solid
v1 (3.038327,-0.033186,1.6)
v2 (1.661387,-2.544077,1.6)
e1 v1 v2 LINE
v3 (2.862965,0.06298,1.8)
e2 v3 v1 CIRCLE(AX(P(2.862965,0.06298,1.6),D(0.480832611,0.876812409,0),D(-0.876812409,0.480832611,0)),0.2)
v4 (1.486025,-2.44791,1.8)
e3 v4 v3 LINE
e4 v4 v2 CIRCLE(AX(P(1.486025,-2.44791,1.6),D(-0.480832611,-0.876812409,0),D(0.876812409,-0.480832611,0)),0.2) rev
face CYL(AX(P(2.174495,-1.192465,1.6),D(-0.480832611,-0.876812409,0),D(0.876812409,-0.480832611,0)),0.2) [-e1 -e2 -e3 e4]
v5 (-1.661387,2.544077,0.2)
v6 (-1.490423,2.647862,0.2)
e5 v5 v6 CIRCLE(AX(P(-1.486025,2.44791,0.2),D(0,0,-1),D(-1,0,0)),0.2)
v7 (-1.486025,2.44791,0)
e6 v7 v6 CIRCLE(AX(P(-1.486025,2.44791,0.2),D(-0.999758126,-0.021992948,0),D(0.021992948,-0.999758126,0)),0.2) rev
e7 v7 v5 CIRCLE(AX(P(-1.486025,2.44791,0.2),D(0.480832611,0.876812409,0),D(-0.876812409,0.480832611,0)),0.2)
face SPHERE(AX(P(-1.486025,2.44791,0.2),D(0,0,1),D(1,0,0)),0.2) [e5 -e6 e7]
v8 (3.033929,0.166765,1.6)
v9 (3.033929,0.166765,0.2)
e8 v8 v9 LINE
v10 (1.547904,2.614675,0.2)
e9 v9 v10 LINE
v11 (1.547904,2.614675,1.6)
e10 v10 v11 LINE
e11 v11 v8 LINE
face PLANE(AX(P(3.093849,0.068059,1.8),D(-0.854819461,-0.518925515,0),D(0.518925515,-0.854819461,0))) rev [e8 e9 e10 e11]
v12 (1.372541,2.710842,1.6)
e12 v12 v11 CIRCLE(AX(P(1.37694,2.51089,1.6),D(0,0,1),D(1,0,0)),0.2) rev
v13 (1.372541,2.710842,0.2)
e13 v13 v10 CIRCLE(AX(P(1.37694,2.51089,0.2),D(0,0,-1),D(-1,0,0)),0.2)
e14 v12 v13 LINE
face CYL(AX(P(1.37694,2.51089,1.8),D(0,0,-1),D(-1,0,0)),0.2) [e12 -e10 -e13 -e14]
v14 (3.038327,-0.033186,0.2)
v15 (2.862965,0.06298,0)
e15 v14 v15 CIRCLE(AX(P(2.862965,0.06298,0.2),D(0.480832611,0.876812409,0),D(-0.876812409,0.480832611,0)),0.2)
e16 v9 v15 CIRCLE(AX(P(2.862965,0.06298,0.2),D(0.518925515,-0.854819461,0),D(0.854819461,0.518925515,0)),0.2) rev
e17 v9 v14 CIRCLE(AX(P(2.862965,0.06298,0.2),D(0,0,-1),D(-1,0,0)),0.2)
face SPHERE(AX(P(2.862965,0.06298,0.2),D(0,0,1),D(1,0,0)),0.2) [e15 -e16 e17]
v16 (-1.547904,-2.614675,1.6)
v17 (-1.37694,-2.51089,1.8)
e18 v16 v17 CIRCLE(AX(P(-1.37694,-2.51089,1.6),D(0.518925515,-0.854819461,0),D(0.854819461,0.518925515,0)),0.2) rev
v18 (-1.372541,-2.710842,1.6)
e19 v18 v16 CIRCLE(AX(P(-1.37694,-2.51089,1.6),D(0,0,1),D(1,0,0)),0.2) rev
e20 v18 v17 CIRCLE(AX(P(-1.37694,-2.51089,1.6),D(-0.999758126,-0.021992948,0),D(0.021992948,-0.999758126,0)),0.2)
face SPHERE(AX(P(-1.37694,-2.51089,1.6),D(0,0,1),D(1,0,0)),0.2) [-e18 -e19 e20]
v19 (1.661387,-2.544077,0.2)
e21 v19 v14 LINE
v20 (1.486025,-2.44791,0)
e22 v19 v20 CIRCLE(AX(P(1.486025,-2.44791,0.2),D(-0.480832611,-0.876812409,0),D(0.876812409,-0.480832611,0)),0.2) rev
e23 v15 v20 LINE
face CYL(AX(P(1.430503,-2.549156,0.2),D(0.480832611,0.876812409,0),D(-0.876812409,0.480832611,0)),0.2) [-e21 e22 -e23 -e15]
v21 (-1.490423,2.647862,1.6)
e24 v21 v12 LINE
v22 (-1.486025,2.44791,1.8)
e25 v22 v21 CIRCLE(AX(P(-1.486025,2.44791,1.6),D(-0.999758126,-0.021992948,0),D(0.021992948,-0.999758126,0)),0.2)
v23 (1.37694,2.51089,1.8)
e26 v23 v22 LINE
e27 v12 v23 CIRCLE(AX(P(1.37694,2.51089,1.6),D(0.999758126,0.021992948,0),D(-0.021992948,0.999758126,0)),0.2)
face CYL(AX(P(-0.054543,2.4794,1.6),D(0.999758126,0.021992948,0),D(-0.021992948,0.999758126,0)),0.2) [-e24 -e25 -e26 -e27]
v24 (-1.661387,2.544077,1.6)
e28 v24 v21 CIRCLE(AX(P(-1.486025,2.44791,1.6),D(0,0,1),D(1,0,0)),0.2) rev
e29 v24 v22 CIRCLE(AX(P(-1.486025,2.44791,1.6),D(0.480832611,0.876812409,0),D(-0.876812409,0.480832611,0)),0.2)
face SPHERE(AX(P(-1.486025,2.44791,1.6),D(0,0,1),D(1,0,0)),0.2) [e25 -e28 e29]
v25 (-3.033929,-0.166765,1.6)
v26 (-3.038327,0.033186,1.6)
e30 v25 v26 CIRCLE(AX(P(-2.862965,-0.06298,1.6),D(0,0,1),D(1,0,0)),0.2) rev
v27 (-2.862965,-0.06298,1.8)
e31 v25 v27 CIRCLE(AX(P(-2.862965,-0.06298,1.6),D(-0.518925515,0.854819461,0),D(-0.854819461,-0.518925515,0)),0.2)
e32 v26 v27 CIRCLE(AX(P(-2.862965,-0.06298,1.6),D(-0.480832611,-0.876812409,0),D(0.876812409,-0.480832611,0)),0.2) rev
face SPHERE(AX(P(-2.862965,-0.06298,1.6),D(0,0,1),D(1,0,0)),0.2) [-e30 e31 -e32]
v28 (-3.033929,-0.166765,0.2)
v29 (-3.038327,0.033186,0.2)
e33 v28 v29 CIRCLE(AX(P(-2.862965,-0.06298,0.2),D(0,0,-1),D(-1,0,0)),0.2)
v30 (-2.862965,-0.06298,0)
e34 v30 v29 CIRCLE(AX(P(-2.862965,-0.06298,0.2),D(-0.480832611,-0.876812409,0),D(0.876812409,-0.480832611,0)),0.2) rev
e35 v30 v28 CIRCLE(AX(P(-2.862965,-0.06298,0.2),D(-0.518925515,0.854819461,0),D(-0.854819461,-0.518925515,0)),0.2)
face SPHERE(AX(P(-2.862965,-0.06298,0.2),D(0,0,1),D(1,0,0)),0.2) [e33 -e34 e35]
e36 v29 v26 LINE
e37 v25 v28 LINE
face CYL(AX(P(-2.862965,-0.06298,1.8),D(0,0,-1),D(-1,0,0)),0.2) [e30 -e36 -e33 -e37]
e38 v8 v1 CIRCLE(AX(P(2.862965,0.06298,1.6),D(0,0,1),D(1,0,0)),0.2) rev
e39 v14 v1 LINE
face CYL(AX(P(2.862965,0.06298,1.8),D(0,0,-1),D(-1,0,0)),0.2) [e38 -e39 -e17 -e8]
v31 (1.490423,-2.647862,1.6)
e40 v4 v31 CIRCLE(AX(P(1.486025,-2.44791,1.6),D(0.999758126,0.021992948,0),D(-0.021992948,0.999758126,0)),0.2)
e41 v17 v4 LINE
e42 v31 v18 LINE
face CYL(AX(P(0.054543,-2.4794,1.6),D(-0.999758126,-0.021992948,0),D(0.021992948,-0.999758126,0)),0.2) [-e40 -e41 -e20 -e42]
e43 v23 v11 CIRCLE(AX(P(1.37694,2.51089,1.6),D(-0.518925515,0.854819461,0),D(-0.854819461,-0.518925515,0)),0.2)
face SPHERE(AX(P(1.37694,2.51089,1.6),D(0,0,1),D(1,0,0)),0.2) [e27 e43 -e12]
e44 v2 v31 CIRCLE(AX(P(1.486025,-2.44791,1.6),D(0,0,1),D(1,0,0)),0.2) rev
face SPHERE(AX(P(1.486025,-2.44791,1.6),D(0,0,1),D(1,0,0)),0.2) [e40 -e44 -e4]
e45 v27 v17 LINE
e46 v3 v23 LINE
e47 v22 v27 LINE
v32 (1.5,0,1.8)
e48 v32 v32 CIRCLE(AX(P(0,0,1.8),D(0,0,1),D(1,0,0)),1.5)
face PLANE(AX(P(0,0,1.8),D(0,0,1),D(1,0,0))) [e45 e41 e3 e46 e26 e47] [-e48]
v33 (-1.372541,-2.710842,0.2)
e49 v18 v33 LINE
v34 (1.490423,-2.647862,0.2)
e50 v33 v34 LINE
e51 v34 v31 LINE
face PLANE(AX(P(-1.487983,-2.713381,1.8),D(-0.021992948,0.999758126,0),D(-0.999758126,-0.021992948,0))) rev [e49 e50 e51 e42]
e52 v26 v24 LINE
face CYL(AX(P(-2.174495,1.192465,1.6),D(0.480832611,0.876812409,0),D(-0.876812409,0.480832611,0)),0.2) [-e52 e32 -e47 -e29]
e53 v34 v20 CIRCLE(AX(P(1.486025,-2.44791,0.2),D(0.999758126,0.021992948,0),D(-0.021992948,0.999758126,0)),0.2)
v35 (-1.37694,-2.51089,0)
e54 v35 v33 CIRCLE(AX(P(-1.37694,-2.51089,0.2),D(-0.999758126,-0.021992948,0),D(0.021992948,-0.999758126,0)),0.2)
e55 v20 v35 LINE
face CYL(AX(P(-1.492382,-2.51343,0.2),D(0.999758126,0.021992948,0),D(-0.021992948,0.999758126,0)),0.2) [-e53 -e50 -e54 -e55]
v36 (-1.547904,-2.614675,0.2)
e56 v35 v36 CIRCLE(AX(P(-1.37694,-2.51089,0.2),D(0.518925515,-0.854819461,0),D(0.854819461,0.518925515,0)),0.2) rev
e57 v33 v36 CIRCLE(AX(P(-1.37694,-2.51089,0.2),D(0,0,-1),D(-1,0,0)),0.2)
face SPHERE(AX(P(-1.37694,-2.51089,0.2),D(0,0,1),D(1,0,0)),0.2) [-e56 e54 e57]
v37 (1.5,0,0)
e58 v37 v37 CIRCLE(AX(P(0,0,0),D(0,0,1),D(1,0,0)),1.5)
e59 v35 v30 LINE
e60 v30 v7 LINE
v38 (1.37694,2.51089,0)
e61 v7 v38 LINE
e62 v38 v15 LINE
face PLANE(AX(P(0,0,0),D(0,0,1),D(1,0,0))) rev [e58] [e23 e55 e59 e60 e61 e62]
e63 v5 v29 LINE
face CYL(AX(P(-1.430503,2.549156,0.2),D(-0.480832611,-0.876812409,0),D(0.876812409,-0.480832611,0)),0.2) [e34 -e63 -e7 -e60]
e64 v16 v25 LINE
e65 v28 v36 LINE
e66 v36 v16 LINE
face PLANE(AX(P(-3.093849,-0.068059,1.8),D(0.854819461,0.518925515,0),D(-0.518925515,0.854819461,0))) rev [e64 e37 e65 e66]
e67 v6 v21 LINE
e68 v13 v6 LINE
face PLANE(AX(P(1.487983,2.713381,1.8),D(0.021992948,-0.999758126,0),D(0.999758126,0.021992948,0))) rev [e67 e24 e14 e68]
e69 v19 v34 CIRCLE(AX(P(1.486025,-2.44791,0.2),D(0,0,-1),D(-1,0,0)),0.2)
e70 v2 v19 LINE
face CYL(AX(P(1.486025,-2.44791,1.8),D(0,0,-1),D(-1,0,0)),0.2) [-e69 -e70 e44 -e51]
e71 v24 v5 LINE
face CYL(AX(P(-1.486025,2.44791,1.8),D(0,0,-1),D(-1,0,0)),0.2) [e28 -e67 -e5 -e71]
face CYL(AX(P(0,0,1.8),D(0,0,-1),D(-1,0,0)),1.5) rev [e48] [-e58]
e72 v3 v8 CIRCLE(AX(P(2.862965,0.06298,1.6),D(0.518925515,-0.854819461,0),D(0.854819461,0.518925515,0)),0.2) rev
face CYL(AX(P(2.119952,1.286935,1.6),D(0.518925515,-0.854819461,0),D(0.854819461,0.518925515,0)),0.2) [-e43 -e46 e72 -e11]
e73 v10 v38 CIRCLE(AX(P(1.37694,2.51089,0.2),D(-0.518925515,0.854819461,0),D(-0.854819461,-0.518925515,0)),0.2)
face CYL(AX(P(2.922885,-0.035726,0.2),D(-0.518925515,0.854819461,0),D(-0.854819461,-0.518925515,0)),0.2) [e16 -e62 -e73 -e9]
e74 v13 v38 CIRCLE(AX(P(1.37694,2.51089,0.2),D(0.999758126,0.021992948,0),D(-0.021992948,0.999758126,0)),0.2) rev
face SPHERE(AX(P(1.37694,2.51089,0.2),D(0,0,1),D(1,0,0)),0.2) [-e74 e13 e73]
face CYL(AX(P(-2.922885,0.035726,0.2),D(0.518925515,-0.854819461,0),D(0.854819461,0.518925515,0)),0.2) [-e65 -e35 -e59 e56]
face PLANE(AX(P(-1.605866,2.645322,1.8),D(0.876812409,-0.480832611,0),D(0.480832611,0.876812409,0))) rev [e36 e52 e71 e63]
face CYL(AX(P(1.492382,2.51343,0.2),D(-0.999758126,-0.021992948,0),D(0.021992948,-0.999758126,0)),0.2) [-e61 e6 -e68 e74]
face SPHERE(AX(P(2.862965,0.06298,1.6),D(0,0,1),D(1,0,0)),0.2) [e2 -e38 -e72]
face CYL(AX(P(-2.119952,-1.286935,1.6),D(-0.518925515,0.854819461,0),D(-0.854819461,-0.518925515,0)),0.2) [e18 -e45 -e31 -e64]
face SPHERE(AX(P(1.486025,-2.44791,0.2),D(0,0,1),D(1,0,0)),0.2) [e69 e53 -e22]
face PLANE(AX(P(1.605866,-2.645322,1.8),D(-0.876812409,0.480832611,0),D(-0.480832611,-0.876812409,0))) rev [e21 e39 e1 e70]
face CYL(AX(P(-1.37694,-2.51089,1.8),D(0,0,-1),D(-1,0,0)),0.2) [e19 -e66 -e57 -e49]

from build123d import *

# Parameters (mm, degrees)
SKETCH_1_R      = 1.5
EXTRUDE_1_DEPTH = 1.8
FILLET_2_R      = 0.2


with BuildPart() as part:
    # 草图1 → 凸台-拉伸1 (new body)
    with BuildSketch(Plane.XY):
        Polygon((-1.487983369, -2.713381438), (1.605865571, -2.645322117), (3.09384894, 0.068059321), (1.487983369, 2.713381438), (-1.605865571, 2.645322117), (-3.09384894, -0.068059321), align=None)
        Circle(SKETCH_1_R, mode=Mode.SUBTRACT)
    extrude(amount=EXTRUDE_1_DEPTH)

    # 圆角2
    fillet_2_edges = [part.edges().sort_by_distance(p)[0] for p in [
        (2.349857255, -1.288631398, 1.8),
        (-3.09384894, -0.068059321, 0.9),
        (-1.605865571, 2.645322117, 0.9),
        (1.487983369, 2.713381438, 0.9),
        (3.09384894, 0.068059321, 0.9),
        (1.605865571, -2.645322117, 0.9),
        (-1.487983369, -2.713381438, 0.9),
        (2.290916154, 1.390720379, 1.8),
        (-0.058941101, 2.679351777, 1.8),
        (-2.349857255, 1.288631398, 1.8),
        (-2.290916154, -1.390720379, 1.8),
        (-2.349857255, 1.288631398, 0),
        (-0.058941101, 2.679351777, 0),
        (2.290916154, 1.390720379, 0),
        (0.058941101, -2.679351777, 1.8),
        (2.349857255, -1.288631398, 0),
        (0.058941101, -2.679351777, 0),
        (-2.290916154, -1.390720379, 0),
    ]]
    fillet(fillet_2_edges, radius=FILLET_2_R)


solid = part.part
